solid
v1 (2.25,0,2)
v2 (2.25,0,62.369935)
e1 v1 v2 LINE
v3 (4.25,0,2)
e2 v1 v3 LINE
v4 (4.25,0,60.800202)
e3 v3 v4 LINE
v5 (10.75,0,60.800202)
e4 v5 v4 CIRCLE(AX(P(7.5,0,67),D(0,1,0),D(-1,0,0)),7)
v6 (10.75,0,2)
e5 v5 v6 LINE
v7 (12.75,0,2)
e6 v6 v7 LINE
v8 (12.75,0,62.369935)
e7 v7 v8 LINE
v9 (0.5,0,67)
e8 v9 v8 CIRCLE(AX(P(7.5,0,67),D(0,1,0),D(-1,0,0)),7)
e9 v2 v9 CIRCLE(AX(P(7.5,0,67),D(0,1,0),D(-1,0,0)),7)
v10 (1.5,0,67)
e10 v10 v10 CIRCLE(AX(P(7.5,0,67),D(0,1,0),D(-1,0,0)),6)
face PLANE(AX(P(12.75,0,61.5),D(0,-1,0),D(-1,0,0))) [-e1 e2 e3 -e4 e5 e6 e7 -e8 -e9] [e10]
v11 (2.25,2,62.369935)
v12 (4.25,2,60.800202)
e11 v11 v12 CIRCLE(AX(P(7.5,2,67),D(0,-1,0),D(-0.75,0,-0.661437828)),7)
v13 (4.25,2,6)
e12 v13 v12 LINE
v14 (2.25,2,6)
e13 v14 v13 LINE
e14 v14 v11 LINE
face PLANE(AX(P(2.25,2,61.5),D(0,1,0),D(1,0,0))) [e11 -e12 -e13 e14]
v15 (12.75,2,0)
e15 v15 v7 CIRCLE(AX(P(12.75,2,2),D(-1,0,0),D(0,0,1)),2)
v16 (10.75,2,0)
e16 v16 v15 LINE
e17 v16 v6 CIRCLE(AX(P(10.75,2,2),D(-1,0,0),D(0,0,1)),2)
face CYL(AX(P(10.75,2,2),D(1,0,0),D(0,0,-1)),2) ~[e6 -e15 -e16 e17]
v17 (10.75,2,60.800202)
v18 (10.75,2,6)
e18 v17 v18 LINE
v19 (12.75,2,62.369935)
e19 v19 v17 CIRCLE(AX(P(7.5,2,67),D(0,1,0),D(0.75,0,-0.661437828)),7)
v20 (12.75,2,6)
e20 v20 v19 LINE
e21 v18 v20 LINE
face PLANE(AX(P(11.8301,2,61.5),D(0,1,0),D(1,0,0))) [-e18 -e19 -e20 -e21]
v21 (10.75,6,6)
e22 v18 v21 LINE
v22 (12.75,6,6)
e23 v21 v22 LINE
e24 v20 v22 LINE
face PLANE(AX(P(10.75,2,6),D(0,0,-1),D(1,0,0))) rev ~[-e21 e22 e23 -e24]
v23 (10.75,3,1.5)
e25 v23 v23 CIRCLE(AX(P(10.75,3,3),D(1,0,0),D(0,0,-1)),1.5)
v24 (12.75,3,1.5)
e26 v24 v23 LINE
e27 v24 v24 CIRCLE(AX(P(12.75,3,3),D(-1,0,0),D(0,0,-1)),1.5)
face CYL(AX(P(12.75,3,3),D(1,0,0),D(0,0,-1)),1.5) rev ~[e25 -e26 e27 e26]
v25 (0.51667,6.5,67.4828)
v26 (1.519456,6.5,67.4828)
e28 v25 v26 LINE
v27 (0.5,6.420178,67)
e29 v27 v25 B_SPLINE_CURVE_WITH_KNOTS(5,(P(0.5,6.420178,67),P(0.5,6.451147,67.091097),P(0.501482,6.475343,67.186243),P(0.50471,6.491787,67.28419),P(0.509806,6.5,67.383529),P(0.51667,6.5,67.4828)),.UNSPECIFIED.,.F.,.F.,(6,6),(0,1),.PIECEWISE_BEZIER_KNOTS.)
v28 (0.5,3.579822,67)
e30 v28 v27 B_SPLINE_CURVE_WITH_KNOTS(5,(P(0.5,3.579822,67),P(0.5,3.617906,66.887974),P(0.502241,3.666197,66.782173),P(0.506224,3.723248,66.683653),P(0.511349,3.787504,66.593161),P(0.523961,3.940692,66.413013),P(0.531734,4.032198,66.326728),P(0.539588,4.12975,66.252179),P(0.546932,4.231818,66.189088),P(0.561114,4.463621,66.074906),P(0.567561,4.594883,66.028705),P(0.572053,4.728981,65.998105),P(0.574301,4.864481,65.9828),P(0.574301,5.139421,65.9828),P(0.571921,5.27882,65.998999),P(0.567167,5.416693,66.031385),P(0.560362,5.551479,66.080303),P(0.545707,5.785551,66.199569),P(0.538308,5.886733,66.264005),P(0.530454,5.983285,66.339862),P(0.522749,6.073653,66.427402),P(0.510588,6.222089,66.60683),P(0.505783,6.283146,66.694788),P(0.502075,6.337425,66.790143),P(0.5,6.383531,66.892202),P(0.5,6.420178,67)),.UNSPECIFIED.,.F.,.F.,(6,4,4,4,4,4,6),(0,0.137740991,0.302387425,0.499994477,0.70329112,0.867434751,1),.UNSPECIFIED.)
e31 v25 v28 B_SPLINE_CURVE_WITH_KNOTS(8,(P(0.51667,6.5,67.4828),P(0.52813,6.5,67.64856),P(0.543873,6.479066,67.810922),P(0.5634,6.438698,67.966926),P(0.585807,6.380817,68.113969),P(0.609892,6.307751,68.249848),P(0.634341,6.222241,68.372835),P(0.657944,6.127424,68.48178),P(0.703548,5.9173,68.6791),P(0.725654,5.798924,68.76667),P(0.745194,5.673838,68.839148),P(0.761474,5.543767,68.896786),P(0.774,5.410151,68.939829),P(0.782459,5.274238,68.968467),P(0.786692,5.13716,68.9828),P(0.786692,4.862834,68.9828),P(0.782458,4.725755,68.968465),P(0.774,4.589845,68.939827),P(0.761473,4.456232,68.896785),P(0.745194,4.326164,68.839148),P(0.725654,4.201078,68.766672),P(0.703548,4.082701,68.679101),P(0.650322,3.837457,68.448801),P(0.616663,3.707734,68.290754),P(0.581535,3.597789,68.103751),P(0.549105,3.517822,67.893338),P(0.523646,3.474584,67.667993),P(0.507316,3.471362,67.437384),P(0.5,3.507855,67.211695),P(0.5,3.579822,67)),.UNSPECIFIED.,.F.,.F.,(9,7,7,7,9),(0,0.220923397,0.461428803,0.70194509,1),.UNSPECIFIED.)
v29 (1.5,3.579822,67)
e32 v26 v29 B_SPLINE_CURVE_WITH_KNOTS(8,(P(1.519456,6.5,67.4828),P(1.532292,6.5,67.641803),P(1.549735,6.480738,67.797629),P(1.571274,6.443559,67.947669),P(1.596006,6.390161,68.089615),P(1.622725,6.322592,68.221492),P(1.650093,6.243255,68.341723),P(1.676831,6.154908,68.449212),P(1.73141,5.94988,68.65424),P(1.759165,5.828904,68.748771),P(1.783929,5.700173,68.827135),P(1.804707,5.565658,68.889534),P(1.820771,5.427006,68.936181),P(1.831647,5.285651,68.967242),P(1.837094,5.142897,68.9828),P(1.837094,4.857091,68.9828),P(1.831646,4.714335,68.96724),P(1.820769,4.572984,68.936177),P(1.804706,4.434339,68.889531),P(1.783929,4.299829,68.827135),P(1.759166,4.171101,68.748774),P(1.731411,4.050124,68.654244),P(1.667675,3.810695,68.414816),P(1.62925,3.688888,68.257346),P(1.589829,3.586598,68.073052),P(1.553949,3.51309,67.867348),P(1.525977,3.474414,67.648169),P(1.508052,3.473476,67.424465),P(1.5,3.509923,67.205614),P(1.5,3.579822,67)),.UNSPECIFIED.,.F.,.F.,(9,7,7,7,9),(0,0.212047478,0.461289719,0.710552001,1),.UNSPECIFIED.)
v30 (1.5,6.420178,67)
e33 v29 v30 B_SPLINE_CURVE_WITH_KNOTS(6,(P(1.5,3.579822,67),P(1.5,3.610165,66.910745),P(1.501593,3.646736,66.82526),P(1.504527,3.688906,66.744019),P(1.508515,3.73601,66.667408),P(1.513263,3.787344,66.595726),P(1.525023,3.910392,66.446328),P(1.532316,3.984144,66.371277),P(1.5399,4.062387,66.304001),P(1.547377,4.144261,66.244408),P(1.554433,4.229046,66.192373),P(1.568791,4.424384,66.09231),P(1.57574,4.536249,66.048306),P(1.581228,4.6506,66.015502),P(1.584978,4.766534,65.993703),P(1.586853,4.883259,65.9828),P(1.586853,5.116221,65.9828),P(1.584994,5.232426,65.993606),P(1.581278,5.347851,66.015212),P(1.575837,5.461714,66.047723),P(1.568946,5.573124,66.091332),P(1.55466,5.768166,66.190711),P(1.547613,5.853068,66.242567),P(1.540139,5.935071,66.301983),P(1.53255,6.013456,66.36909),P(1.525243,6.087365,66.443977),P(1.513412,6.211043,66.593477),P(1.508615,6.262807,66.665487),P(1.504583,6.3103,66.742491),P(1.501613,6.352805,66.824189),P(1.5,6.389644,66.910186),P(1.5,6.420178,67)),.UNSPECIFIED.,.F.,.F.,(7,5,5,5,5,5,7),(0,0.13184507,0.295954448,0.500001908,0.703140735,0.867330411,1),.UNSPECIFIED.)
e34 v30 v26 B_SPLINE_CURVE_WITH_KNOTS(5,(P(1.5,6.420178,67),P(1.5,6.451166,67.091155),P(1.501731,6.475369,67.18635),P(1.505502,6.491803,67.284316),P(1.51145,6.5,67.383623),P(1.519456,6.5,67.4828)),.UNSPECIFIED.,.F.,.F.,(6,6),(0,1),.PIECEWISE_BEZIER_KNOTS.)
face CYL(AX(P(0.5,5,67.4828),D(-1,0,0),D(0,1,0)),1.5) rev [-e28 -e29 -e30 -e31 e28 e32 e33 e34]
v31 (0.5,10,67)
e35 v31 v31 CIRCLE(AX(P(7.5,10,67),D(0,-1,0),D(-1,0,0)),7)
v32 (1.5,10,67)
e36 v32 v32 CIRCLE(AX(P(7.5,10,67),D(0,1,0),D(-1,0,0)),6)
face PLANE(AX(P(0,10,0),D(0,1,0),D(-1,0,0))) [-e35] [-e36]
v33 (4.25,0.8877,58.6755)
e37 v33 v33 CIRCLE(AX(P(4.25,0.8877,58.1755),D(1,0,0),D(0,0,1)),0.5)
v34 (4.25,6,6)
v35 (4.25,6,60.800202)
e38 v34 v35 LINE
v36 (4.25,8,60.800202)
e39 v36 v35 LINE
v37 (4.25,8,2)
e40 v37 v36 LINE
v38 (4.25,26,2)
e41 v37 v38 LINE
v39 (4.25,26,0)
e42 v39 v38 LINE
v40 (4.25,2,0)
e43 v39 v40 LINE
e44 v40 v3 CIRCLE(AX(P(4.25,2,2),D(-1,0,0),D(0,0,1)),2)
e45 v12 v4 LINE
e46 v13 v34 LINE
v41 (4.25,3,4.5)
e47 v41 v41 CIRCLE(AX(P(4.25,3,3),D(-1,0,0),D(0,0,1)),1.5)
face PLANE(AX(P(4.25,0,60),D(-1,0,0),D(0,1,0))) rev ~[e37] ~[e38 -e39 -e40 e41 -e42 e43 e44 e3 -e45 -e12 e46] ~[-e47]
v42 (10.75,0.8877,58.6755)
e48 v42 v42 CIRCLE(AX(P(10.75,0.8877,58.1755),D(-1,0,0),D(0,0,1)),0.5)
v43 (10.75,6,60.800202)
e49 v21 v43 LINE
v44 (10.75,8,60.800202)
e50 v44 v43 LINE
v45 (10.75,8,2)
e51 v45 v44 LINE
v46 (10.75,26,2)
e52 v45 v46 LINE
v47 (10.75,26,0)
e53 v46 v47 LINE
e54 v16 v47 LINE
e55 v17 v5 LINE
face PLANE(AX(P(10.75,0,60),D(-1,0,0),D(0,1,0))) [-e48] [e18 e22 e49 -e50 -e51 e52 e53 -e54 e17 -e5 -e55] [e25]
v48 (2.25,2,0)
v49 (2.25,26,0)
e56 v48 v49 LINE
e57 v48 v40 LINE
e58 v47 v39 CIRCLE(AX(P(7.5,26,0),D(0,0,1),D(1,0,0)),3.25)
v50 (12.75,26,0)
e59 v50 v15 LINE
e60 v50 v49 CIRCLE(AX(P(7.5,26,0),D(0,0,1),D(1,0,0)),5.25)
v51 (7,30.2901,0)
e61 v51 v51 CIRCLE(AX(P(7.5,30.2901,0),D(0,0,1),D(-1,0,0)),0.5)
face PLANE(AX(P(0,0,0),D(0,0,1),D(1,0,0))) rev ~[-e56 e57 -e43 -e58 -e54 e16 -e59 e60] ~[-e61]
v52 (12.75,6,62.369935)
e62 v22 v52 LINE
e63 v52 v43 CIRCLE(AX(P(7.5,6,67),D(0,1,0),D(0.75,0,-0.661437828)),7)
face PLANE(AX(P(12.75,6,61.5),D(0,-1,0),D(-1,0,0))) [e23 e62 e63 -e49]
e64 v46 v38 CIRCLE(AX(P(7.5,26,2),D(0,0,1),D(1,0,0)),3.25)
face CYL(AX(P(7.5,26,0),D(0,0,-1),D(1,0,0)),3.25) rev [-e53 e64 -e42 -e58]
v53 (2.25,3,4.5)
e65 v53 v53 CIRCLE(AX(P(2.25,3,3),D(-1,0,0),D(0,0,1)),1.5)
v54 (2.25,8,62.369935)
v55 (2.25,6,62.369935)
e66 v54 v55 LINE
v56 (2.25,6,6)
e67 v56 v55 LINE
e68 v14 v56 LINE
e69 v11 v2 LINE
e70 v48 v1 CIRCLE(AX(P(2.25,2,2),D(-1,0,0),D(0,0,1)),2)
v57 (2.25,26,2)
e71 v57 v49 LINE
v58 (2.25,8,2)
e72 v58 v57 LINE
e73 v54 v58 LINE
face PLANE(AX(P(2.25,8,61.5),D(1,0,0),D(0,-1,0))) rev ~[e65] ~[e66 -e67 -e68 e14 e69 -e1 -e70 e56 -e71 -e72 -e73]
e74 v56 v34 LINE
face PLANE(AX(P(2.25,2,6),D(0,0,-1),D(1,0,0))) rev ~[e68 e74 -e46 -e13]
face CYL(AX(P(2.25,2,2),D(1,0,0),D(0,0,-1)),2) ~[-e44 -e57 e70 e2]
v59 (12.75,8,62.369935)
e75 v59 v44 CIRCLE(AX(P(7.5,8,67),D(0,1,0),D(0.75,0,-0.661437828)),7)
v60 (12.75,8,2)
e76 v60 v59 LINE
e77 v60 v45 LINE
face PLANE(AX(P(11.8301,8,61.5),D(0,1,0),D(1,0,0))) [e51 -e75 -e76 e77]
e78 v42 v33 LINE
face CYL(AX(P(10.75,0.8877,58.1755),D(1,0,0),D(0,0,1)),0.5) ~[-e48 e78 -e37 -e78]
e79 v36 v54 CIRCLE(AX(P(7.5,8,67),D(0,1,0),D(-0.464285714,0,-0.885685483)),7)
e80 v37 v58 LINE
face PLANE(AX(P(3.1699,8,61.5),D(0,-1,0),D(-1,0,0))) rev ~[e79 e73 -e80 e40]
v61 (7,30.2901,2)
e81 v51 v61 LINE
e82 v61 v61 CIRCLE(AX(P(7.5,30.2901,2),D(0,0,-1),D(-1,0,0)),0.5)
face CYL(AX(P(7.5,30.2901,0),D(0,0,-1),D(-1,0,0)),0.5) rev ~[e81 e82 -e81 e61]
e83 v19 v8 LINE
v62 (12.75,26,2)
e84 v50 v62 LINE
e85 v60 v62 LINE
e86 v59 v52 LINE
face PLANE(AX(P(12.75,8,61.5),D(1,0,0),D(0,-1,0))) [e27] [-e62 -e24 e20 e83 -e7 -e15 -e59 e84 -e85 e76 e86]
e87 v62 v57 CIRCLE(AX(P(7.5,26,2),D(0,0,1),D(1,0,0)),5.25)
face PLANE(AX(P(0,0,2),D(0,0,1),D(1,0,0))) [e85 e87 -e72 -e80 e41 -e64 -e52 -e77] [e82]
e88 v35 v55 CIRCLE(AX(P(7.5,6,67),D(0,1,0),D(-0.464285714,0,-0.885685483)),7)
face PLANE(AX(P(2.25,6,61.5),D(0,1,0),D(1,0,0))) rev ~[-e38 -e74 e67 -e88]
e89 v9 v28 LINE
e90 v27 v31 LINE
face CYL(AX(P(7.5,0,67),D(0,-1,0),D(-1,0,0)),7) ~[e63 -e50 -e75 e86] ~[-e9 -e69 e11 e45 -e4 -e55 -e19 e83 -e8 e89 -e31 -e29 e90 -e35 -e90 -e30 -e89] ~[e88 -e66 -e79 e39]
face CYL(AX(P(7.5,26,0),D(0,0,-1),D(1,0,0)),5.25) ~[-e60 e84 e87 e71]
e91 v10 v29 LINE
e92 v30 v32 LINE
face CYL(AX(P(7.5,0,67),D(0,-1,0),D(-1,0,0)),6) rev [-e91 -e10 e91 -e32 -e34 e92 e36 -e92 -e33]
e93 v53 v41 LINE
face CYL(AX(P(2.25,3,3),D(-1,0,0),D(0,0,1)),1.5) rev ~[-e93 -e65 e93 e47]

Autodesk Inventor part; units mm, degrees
ref_plane "XZ Plane" through (0, 0, 0) normal (0, 1, 0) x (-1, 0, 0)
sketch "Sketch1" plane through (0, 0, 0) normal (0, 0, 1) x (1, 0, 0)
  line L0 (0, 0) -> (15, 0)
  line L1 (0, 0) -> (2.25, 0)
  line L2 (2.25, 0) -> (2.25, 4.6954)
  line L3 (2.25, 0) -> (4.25, 0)
  line L4 (4.25, 0) -> (4.25, 4.6954)
  line L5 (0, 0) -> (4.5, 0)
  line L6 (0, 0) -> (1.7131, 0)
  line L7 (0, 0) -> (2, 0)
  line L8 (2, 0) -> (2, -1.4268)
  line L9 (4.5, 0) -> (4.5, -1.5938)
  line L10 (0, 0) -> (10.5, 0)
  line L11 (10.5, 0) -> (10.5, -1.4268)
  line L12 (0, 0) -> (10.75, 0)
  line L13 (10.75, 0) -> (10.75, 3.2646)
  line L14 (10.75, 0) -> (12.75, 0)
  line L15 (12.75, 0) -> (12.75, 3.2646)
  line L16 (0, 0) -> (13, 0)
  line L17 (13, 0) -> (13, -1.4268)
  line L18 (12.75, 0) -> (12.75, 2)
  line L19 (12.75, 2) -> (10.75, 2)
  line L20 (10.75, 0) -> (12.75, 0)
  line L21 (4.25, 0) -> (4.25, 2)
  line L22 (4.25, 2) -> (2.25, 2)
  dimension "d0" = 15
  dimension "d1" = 2.25
  dimension "d2" = 2
  dimension "d3" = 4.5
  dimension "d4" = 2
  dimension "d5" = 10.5
  dimension "d6" = 10.75
  dimension "d7" = 2
  dimension "d8" = 13
  dimension "d9" = 2
  dimension "d10" = 2
extrude "Extrusion1" add sketch "Sketch1" along normal blind 60
sketch "Sketch2" plane through (2.25, 2, 0) normal (0, 1, 0) x (1, 0, 0)
  line L0 (2, 0) -> (0, 0)
  line L1 (0, 0) -> (0, -6)
  line L2 (0, -6) -> (2, -6)
  line L3 (2, -6) -> (2, 0)
  point P0 (-2.25, 0)
  dimension "d13" = 2
  dimension "d14" = 6
extrude "Extrusion2" add sketch "Sketch2" along normal blind 4
sketch "Sketch3" plane through (2.25, 0, 60) normal (-1, 0, 0) x (0, 0, 1)
  line L0 (-60, 0) -> (-60, 6)
  line L1 (-60, 0) -> (-60, 6) projected
  line L2 (-60, 6) -> (-54, 6)
  line L3 (-54, 2) -> (-54, 6) projected
  circle A0 centre (-57, 3) radius 1.5
  dimension "d17" = 6
  dimension "d18" = 3
extrude "Extrusion3" cut sketch "Sketch3" against normal blind 6
sketch "Sketch4" plane through (2.25, 6, 0) normal (0, 1, 0) x (1, 0, 0)
  line L0 (0, 0) -> (2, 0)
  line L1 (2, 0) -> (2, -2)
  line L2 (2, -2) -> (0, -2)
  line L3 (0, -2) -> (0, 0)
  point P0 (-2.25, 0)
  dimension "d22" = 2
  dimension "d23" = 2
extrude "Extrusion4" add sketch "Sketch4" along normal blind 20
sketch "Sketch5" plane through (10.75, 2, 0) normal (0, 1, 0) x (1, 0, 0)
  line L0 (0, 0) -> (0, -60) projected
  line L1 (2, 0) -> (0, 0)
  line L2 (0, 0) -> (0, -6)
  line L3 (0, -6) -> (2, -6)
  line L4 (2, -6) -> (2, 0)
  point P0 (-10.75, 0)
  dimension "d27" = 6
extrude "Extrusion5" add sketch "Sketch5" along normal blind 4
sketch "Sketch6" plane through (12.75, 0, 60) normal (1, 0, 0) x (0, 0, -1)
  line L0 (54, 6) -> (60, 0)
  circle A0 centre (57, 3) radius 1.5
  circle A1 centre (57, 3) radius 1.5
extrude "Extrusion6" cut sketch "Sketch6" against normal blind 4
sketch "Sketch7" plane through (10.75, 6, 0) normal (0, 1, 0) x (1, 0, 0)
  line L0 (0, 0) -> (2, 0)
  line L1 (2, 0) -> (2, -2)
  line L2 (2, -2) -> (0, -2)
  line L3 (0, -2) -> (0, 0)
  point P0 (-10.75, 0)
extrude "Extrusion7" add sketch "Sketch7" along normal blind 20
ref_plane "Work Plane1" through (0, 0, 0) normal (0, 0, 1) x (1, 0, 0)
sketch "Sketch8" plane through (0, 0, 0) normal (0, 0, 1) x (1, 0, 0)
  arc A0 (12.75, 26) -> (2.25, 26) centre (7.5, 26) ccw
  arc A1 (10.75, 26) -> (4.25, 26) centre (7.5, 26) ccw
  line L0 (12.75, 0) -> (12.75, 26) projected
  line L1 (12.75, 26) -> (10.75, 26)
  line L2 (4.25, 26) -> (2.25, 26)
  line L3 (4.25, 26) -> (2.25, 26)
  line L4 (12.75, 26) -> (10.75, 26)
  line L5 (4.25, 26) -> (2.25, 26)
  arc A2 (10.75, 26) -> (4.25, 26) centre (7.5, 26) ccw
  arc A3 (12.75, 26) -> (2.25, 26) centre (7.5, 26) ccw
  point P0 (0, 0)
  point P1 (12.75, 2)
extrude "Extrusion8" add sketch "Sketch8" along normal blind 2
ref_plane "Work Plane2" through (0, 0, 60) normal (0, 0, 1) x (1, 0, 0)
sketch "Sketch9" plane through (0, 0, 0) normal (0, 1, 0) x (-1, 0, 0)
  line L0 (-2.25, 60) -> (-12.75, 60)
  line L1 (-7.5, 60) -> (-0.5, 60) construction
  circle A0 centre (-7.5, 67) radius 6
  circle A1 centre (-7.5, 67) radius 7
  point P0 (0, 0)
extrude "Extrusion9" add sketch "Sketch9" along normal blind 10
sketch "Sketch10" plane through (0, 0, 60) normal (0, 0, 1) x (1, 0, 0)
  line L0 (2.25, 0) -> (4.25, 0)
  line L1 (4.25, 0) -> (4.25, 2)
  line L2 (4.25, 2) -> (2.25, 2)
  line L3 (2.25, 2) -> (2.25, 0)
  point P0 (0, 0)
extrude "Extrusion10" add sketch "Sketch10" along normal blind 1.5
sketch "Sketch11" plane through (0, 0, 61.5) normal (0, 0, 1) x (1, 0, 0)
  line L0 (2.25, 2) -> (3.1699, 2)
  line L1 (3.1699, 2) -> (3.1699, 0)
  line L2 (3.1699, 0) -> (2.25, 0)
  line L3 (2.25, 0) -> (3.1699, 0) projected
  line L4 (2.25, 0) -> (2.25, 2)
  point P0 (0, 0)
extrude "Extrusion11" add sketch "Sketch11" along normal blind 1
sketch "Sketch12" plane through (0, 0, 60) normal (0, 0, 1) x (1, 0, 0)
  line L0 (12.75, 0) -> (10.75, 0)
  line L1 (10.75, 0) -> (10.75, 2)
  line L2 (10.75, 2) -> (12.75, 2)
  line L3 (12.75, 2) -> (12.75, 0)
  point P0 (0, 0)
extrude "Extrusion12" add sketch "Sketch12" along normal blind 1.5
sketch "Sketch13" plane through (0, 0, 61.5) normal (0, 0, 1) x (1, 0, 0)
  line L0 (12.75, 0) -> (11.8301, 0)
  line L1 (11.8301, 0) -> (11.8301, 2)
  line L2 (11.8301, 2) -> (12.75, 2)
  line L3 (12.75, 2) -> (12.75, 0)
  point P0 (0, 0)
extrude "Extrusion13" add sketch "Sketch13" along normal blind 1
sketch "Sketch14" plane through (2.25, 6, 2) normal (0, 0, 1) x (1, 0, 0)
  line L0 (0, 0) -> (2, 0)
  line L1 (2, 0) -> (2, 2)
  line L2 (2, 2) -> (0, 2)
  line L3 (0, 2) -> (0, 0)
  line L4 (8.5, 0) -> (10.5, 0)
  line L5 (10.5, 0) -> (10.5, 2)
  line L6 (10.5, 2) -> (8.5, 2)
  line L7 (8.5, 2) -> (8.5, 0)
  point P0 (-2.25, -6)
  dimension "d52" = 2
  dimension "d53" = 2
  dimension "d54" = 2
  dimension "d55" = 2
extrude "Extrusion14" add sketch "Sketch14" along normal blind 59.5
sketch "Sketch15" plane through (2.25, 6, 61.5) normal (0, 0, 1) x (1, 0, 0)
  line L0 (10.5, 0) -> (9.5801, 0)
  line L1 (9.5801, 0) -> (9.5801, 2)
  line L2 (9.5801, 2) -> (10.5, 2)
  line L3 (10.5, 2) -> (10.5, 0)
  point P0 (-2.25, -6)
extrude "Extrusion15" add sketch "Sketch15" along normal blind 1
sketch "Sketch16" plane through (2.25, 6, 61.5) normal (0, 0, 1) x (1, 0, 0)
  line L0 (0, 0) -> (0.9199, 0)
  line L1 (0.9199, 0) -> (0.9199, 2)
  line L2 (0.9199, 2) -> (0, 2)
  line L3 (0, 2) -> (0, 0)
  point P0 (-2.25, -6)
extrude "Extrusion16" add sketch "Sketch16" along normal blind 1
fillet "Fillet4" radius 2 2 edges at (3.25, 0, 0) (11.75, 0, 0)
sketch "Sketch17" plane through (0, 0, 0) normal (0, 0, -1) x (-1, 0, 0)
  line L0 (-2.25, 26) -> (-12.75, 26)
  line L1 (-7.5, 26) -> (-7.5, 31.25)
  arc A0 (-2.25, 26) -> (-12.75, 26) centre (-7.5, 26) ccw projected
  circle A1 centre (-7.5, 30.2901) radius 0.5
  point P0 (0, 0)
  dimension "d63" = 1
extrude "Extrusion17" cut sketch "Sketch17" against normal blind 2 contours A1 L1 | L1 A1
sketch "Sketch18" plane through (10.75, 2, 6) normal (-1, 0, 0) x (0, 0, 1)
  circle A0 centre (52.1755, -1.1123) radius 0.5
  point P0 (-6, -2)
  dimension "d66" = 1
extrude "Extrusion18" add sketch "Sketch18" along normal blind 8
ref_plane "Work Plane3" through (0.5, 0, 0) normal (1, 0, 0) x (0, 1, 0)
sketch "Sketch19" plane through (0.5, 0, 0) normal (1, 0, 0) x (0, 1, 0)
  point P0 (0, 0)
sketch "Sketch20" plane through (0.5, 0, 0) normal (1, 0, 0) x (0, 1, 0)
  line L0 (0, 74) -> (0, 62.3699) projected
  line L1 (10, 73) -> (10, 61) projected
  circle A0 centre (5, 67.4828) radius 1.5
  point P0 (0, 0)
  dimension "d70" = 3
extrude "Extrusion19" cut sketch "Sketch20" along normal mid plane 10
properties part number "arm"
